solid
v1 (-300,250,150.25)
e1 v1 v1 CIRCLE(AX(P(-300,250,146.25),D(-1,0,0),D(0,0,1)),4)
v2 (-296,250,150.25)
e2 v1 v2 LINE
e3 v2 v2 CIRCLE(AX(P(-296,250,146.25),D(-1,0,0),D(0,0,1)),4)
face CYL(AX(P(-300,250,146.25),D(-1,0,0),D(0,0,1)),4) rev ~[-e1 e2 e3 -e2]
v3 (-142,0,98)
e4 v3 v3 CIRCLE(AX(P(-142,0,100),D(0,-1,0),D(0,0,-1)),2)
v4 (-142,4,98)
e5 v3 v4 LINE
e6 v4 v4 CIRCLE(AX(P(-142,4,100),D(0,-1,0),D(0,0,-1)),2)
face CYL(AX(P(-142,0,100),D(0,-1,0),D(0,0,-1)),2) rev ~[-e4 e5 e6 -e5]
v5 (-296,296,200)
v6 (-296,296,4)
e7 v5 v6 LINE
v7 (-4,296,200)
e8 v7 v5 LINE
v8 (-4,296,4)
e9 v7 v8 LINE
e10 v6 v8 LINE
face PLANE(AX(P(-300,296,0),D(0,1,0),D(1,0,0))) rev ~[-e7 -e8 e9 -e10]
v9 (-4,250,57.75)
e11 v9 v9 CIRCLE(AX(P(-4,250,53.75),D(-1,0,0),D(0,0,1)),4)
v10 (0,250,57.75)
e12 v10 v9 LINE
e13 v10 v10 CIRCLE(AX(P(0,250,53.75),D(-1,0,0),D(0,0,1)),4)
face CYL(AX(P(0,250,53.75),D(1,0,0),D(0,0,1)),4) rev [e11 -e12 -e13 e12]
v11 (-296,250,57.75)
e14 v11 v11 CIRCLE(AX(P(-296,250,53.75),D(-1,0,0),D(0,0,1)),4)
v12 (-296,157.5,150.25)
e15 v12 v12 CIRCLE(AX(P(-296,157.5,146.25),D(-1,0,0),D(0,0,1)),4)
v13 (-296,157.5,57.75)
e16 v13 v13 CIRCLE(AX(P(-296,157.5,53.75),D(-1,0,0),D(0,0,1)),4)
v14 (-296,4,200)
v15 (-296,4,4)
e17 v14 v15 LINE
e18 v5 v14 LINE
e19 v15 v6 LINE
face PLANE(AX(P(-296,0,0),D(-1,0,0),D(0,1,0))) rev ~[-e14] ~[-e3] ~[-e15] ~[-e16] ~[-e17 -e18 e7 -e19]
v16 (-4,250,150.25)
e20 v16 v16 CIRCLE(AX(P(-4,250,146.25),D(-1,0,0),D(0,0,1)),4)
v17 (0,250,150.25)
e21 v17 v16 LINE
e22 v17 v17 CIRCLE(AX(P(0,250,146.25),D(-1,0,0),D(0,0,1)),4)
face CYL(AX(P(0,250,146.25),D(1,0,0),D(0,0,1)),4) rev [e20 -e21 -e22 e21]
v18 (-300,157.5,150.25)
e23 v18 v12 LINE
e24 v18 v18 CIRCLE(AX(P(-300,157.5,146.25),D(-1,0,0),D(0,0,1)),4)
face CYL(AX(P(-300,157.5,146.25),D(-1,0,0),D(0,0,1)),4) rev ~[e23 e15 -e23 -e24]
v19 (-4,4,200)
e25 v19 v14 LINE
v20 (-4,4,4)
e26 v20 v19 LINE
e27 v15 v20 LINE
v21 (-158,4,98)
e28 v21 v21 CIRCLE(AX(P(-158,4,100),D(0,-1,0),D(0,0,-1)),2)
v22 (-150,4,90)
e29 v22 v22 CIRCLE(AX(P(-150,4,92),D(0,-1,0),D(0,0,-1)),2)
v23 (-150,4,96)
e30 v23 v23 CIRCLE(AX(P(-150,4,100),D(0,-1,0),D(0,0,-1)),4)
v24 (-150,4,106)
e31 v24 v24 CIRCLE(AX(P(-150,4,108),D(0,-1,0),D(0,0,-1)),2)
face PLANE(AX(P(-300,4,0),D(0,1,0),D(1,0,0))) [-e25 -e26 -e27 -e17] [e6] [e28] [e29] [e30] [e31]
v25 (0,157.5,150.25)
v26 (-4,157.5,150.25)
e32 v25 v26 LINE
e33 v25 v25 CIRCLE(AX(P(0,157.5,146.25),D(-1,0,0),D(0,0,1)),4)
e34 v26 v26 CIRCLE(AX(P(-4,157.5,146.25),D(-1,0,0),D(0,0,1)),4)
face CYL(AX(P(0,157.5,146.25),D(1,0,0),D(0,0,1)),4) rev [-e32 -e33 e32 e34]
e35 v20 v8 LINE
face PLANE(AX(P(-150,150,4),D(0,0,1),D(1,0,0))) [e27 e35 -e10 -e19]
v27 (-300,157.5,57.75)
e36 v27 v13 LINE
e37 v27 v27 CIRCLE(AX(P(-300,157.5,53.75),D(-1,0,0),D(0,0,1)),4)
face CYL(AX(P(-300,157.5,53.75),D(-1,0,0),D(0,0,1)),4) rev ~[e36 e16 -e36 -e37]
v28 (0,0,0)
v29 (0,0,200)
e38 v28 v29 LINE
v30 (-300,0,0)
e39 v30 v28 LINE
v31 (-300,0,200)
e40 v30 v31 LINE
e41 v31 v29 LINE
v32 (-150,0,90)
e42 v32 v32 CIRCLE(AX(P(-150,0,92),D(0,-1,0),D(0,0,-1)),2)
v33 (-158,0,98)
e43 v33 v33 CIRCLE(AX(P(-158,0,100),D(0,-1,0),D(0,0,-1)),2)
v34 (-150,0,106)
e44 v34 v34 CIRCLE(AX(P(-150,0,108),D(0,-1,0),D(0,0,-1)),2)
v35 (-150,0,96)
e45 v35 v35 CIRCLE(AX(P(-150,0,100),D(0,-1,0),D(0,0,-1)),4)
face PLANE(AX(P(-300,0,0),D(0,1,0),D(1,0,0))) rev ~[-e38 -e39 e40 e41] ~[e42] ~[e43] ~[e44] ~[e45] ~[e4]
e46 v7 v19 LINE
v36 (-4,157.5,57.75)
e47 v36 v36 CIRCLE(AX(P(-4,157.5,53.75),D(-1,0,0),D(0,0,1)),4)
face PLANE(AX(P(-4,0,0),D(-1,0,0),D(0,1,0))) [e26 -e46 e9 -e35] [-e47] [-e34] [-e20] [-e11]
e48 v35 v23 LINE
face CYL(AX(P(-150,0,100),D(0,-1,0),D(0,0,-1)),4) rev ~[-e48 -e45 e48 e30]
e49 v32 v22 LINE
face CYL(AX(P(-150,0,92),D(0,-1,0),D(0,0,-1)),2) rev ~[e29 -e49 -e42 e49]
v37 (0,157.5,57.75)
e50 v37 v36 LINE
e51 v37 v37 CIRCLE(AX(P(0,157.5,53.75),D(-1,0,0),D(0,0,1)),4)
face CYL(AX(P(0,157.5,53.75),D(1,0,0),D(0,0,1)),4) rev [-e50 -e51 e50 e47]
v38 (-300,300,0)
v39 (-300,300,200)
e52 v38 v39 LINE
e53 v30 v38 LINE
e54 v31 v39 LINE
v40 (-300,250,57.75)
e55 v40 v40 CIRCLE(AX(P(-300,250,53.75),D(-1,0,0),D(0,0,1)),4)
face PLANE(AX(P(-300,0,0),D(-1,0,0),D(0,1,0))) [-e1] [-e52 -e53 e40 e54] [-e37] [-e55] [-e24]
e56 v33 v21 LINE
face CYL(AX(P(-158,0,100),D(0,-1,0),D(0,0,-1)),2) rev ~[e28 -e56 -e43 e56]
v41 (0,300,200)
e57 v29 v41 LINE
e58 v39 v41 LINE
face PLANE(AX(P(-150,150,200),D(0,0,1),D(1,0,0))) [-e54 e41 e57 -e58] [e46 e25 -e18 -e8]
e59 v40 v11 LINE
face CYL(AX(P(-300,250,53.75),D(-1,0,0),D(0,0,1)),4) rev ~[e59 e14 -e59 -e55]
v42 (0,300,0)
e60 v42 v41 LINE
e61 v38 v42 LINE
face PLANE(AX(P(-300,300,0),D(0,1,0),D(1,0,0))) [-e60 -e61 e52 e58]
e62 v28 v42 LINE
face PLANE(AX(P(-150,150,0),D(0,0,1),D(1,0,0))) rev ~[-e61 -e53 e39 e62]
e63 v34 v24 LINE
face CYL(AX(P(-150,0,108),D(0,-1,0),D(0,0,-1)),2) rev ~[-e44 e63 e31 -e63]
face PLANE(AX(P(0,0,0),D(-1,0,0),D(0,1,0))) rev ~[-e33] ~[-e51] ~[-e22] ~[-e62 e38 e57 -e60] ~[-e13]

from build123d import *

# Parameters (mm, degrees)
IZIM1_W                     = 300
IZIM1_H                     = 300
Y_KSEKLIK_EKSTR_ZYON1_DEPTH = 200
BO_ALTMA1_T                 = -4
KES_EKSTR_ZYON1_REACH       = 471.042
IZIM2_R                     = 4
KES_EKSTR_ZYON2_REACH       = 471.042
IZIM3_R                     = 4
IZIM3_R_2                   = 2


with BuildPart() as part:
    # Çizim1 → Yükseklik-Ekstrüzyon1 (new body)
    with BuildSketch(Plane.XY):
        with Locations((-150, 150)):
            Rectangle(IZIM1_W, IZIM1_H)
    extrude(amount=Y_KSEKLIK_EKSTR_ZYON1_DEPTH)

    # İç Boşaltma1
    bo_altma1_openings = [part.faces().sort_by_distance(p)[0] for p in [
        (-150, 150, 200),
    ]]
    offset(amount=BO_ALTMA1_T, openings=bo_altma1_openings, kind=Kind.INTERSECTION)

    # Çizim2 → Kes-Ekstrüzyon1 (cut, up to next)
    with BuildSketch(Plane.ZY.offset(300), mode=Mode.PRIVATE) as kes_ekstr_zyon1_sk1:
        with Locations((146.25, 250)):
            Circle(IZIM2_R)
    kes_ekstr_zyon1_tool1 = extrude(kes_ekstr_zyon1_sk1.sketch, amount=-KES_EKSTR_ZYON1_REACH, mode=Mode.PRIVATE) & part.part
    # Çizim2 → Kes-Ekstrüzyon1 (cut, up to next)
    with BuildSketch(Plane.ZY.offset(300), mode=Mode.PRIVATE) as kes_ekstr_zyon1_sk2:
        with Locations((53.75, 250)):
            Circle(IZIM2_R)
    kes_ekstr_zyon1_tool2 = extrude(kes_ekstr_zyon1_sk2.sketch, amount=-KES_EKSTR_ZYON1_REACH, mode=Mode.PRIVATE) & part.part
    # Çizim2 → Kes-Ekstrüzyon1 (cut, up to next)
    with BuildSketch(Plane.ZY.offset(300), mode=Mode.PRIVATE) as kes_ekstr_zyon1_sk3:
        with Locations((146.25, 157.5)):
            Circle(IZIM2_R)
    kes_ekstr_zyon1_tool3 = extrude(kes_ekstr_zyon1_sk3.sketch, amount=-KES_EKSTR_ZYON1_REACH, mode=Mode.PRIVATE) & part.part
    # Çizim2 → Kes-Ekstrüzyon1 (cut, up to next)
    with BuildSketch(Plane.ZY.offset(300), mode=Mode.PRIVATE) as kes_ekstr_zyon1_sk4:
        with Locations((53.75, 157.5)):
            Circle(IZIM2_R)
    kes_ekstr_zyon1_tool4 = extrude(kes_ekstr_zyon1_sk4.sketch, amount=-KES_EKSTR_ZYON1_REACH, mode=Mode.PRIVATE) & part.part
    kes_ekstr_zyon1_1 = kes_ekstr_zyon1_tool1.solids().sort_by_distance((-300, 250, 146.25))[0]
    add(kes_ekstr_zyon1_1, mode=Mode.SUBTRACT)
    kes_ekstr_zyon1_2 = kes_ekstr_zyon1_tool2.solids().sort_by_distance((-300, 250, 53.75))[0]
    add(kes_ekstr_zyon1_2, mode=Mode.SUBTRACT)
    kes_ekstr_zyon1_3 = kes_ekstr_zyon1_tool3.solids().sort_by_distance((-300, 157.5, 146.25))[0]
    add(kes_ekstr_zyon1_3, mode=Mode.SUBTRACT)
    kes_ekstr_zyon1_4 = kes_ekstr_zyon1_tool4.solids().sort_by_distance((-300, 157.5, 53.75))[0]
    add(kes_ekstr_zyon1_4, mode=Mode.SUBTRACT)
    kes_ekstr_zyon1 = kes_ekstr_zyon1_1 + kes_ekstr_zyon1_2 + kes_ekstr_zyon1_3 + kes_ekstr_zyon1_4  # Kes-Ekstrüzyon1 as one shape, for the pattern or mirror that repeats it

    # Aynalama1: Kes-Ekstrüzyon1 across plane
    add(kes_ekstr_zyon1.mirror(Plane(origin=(-150, 0, 0), x_dir=(0, 0, 1), z_dir=(1, 0, 0))), mode=Mode.SUBTRACT)

    # Çizim3 → Kes-Ekstrüzyon2 (cut, up to next)
    with BuildSketch(Plane.XZ, mode=Mode.PRIVATE) as kes_ekstr_zyon2_sk1:
        with Locations(Location((-150, 100, 0), (0, 0, 270))):
            Circle(IZIM3_R)
    kes_ekstr_zyon2_tool1 = extrude(kes_ekstr_zyon2_sk1.sketch, amount=-KES_EKSTR_ZYON2_REACH, mode=Mode.PRIVATE) & part.part
    # Çizim3 → Kes-Ekstrüzyon2 (cut, up to next)
    with BuildSketch(Plane.XZ, mode=Mode.PRIVATE) as kes_ekstr_zyon2_sk2:
        with Locations(Location((-150, 108, 0), (0, 0, 270))):
            Circle(IZIM3_R_2)
    kes_ekstr_zyon2_tool2 = extrude(kes_ekstr_zyon2_sk2.sketch, amount=-KES_EKSTR_ZYON2_REACH, mode=Mode.PRIVATE) & part.part
    # Çizim3 → Kes-Ekstrüzyon2 (cut, up to next)
    with BuildSketch(Plane.XZ, mode=Mode.PRIVATE) as kes_ekstr_zyon2_sk3:
        with Locations(Location((-158, 100, 0), (0, 0, 270))):
            Circle(IZIM3_R_2)
    kes_ekstr_zyon2_tool3 = extrude(kes_ekstr_zyon2_sk3.sketch, amount=-KES_EKSTR_ZYON2_REACH, mode=Mode.PRIVATE) & part.part
    # Çizim3 → Kes-Ekstrüzyon2 (cut, up to next)
    with BuildSketch(Plane.XZ, mode=Mode.PRIVATE) as kes_ekstr_zyon2_sk4:
        with Locations(Location((-150, 92, 0), (0, 0, 270))):
            Circle(IZIM3_R_2)
    kes_ekstr_zyon2_tool4 = extrude(kes_ekstr_zyon2_sk4.sketch, amount=-KES_EKSTR_ZYON2_REACH, mode=Mode.PRIVATE) & part.part
    # Çizim3 → Kes-Ekstrüzyon2 (cut, up to next)
    with BuildSketch(Plane.XZ, mode=Mode.PRIVATE) as kes_ekstr_zyon2_sk5:
        with Locations(Location((-142, 100, 0), (0, 0, 270))):
            Circle(IZIM3_R_2)
    kes_ekstr_zyon2_tool5 = extrude(kes_ekstr_zyon2_sk5.sketch, amount=-KES_EKSTR_ZYON2_REACH, mode=Mode.PRIVATE) & part.part
    add(kes_ekstr_zyon2_tool1.solids().sort_by_distance((-150, 0, 100))[0], mode=Mode.SUBTRACT)
    add(kes_ekstr_zyon2_tool2.solids().sort_by_distance((-150, 0, 108))[0], mode=Mode.SUBTRACT)
    add(kes_ekstr_zyon2_tool3.solids().sort_by_distance((-158, 0, 100))[0], mode=Mode.SUBTRACT)
    add(kes_ekstr_zyon2_tool4.solids().sort_by_distance((-150, 0, 92))[0], mode=Mode.SUBTRACT)
    add(kes_ekstr_zyon2_tool5.solids().sort_by_distance((-142, 0, 100))[0], mode=Mode.SUBTRACT)


solid = part.part
